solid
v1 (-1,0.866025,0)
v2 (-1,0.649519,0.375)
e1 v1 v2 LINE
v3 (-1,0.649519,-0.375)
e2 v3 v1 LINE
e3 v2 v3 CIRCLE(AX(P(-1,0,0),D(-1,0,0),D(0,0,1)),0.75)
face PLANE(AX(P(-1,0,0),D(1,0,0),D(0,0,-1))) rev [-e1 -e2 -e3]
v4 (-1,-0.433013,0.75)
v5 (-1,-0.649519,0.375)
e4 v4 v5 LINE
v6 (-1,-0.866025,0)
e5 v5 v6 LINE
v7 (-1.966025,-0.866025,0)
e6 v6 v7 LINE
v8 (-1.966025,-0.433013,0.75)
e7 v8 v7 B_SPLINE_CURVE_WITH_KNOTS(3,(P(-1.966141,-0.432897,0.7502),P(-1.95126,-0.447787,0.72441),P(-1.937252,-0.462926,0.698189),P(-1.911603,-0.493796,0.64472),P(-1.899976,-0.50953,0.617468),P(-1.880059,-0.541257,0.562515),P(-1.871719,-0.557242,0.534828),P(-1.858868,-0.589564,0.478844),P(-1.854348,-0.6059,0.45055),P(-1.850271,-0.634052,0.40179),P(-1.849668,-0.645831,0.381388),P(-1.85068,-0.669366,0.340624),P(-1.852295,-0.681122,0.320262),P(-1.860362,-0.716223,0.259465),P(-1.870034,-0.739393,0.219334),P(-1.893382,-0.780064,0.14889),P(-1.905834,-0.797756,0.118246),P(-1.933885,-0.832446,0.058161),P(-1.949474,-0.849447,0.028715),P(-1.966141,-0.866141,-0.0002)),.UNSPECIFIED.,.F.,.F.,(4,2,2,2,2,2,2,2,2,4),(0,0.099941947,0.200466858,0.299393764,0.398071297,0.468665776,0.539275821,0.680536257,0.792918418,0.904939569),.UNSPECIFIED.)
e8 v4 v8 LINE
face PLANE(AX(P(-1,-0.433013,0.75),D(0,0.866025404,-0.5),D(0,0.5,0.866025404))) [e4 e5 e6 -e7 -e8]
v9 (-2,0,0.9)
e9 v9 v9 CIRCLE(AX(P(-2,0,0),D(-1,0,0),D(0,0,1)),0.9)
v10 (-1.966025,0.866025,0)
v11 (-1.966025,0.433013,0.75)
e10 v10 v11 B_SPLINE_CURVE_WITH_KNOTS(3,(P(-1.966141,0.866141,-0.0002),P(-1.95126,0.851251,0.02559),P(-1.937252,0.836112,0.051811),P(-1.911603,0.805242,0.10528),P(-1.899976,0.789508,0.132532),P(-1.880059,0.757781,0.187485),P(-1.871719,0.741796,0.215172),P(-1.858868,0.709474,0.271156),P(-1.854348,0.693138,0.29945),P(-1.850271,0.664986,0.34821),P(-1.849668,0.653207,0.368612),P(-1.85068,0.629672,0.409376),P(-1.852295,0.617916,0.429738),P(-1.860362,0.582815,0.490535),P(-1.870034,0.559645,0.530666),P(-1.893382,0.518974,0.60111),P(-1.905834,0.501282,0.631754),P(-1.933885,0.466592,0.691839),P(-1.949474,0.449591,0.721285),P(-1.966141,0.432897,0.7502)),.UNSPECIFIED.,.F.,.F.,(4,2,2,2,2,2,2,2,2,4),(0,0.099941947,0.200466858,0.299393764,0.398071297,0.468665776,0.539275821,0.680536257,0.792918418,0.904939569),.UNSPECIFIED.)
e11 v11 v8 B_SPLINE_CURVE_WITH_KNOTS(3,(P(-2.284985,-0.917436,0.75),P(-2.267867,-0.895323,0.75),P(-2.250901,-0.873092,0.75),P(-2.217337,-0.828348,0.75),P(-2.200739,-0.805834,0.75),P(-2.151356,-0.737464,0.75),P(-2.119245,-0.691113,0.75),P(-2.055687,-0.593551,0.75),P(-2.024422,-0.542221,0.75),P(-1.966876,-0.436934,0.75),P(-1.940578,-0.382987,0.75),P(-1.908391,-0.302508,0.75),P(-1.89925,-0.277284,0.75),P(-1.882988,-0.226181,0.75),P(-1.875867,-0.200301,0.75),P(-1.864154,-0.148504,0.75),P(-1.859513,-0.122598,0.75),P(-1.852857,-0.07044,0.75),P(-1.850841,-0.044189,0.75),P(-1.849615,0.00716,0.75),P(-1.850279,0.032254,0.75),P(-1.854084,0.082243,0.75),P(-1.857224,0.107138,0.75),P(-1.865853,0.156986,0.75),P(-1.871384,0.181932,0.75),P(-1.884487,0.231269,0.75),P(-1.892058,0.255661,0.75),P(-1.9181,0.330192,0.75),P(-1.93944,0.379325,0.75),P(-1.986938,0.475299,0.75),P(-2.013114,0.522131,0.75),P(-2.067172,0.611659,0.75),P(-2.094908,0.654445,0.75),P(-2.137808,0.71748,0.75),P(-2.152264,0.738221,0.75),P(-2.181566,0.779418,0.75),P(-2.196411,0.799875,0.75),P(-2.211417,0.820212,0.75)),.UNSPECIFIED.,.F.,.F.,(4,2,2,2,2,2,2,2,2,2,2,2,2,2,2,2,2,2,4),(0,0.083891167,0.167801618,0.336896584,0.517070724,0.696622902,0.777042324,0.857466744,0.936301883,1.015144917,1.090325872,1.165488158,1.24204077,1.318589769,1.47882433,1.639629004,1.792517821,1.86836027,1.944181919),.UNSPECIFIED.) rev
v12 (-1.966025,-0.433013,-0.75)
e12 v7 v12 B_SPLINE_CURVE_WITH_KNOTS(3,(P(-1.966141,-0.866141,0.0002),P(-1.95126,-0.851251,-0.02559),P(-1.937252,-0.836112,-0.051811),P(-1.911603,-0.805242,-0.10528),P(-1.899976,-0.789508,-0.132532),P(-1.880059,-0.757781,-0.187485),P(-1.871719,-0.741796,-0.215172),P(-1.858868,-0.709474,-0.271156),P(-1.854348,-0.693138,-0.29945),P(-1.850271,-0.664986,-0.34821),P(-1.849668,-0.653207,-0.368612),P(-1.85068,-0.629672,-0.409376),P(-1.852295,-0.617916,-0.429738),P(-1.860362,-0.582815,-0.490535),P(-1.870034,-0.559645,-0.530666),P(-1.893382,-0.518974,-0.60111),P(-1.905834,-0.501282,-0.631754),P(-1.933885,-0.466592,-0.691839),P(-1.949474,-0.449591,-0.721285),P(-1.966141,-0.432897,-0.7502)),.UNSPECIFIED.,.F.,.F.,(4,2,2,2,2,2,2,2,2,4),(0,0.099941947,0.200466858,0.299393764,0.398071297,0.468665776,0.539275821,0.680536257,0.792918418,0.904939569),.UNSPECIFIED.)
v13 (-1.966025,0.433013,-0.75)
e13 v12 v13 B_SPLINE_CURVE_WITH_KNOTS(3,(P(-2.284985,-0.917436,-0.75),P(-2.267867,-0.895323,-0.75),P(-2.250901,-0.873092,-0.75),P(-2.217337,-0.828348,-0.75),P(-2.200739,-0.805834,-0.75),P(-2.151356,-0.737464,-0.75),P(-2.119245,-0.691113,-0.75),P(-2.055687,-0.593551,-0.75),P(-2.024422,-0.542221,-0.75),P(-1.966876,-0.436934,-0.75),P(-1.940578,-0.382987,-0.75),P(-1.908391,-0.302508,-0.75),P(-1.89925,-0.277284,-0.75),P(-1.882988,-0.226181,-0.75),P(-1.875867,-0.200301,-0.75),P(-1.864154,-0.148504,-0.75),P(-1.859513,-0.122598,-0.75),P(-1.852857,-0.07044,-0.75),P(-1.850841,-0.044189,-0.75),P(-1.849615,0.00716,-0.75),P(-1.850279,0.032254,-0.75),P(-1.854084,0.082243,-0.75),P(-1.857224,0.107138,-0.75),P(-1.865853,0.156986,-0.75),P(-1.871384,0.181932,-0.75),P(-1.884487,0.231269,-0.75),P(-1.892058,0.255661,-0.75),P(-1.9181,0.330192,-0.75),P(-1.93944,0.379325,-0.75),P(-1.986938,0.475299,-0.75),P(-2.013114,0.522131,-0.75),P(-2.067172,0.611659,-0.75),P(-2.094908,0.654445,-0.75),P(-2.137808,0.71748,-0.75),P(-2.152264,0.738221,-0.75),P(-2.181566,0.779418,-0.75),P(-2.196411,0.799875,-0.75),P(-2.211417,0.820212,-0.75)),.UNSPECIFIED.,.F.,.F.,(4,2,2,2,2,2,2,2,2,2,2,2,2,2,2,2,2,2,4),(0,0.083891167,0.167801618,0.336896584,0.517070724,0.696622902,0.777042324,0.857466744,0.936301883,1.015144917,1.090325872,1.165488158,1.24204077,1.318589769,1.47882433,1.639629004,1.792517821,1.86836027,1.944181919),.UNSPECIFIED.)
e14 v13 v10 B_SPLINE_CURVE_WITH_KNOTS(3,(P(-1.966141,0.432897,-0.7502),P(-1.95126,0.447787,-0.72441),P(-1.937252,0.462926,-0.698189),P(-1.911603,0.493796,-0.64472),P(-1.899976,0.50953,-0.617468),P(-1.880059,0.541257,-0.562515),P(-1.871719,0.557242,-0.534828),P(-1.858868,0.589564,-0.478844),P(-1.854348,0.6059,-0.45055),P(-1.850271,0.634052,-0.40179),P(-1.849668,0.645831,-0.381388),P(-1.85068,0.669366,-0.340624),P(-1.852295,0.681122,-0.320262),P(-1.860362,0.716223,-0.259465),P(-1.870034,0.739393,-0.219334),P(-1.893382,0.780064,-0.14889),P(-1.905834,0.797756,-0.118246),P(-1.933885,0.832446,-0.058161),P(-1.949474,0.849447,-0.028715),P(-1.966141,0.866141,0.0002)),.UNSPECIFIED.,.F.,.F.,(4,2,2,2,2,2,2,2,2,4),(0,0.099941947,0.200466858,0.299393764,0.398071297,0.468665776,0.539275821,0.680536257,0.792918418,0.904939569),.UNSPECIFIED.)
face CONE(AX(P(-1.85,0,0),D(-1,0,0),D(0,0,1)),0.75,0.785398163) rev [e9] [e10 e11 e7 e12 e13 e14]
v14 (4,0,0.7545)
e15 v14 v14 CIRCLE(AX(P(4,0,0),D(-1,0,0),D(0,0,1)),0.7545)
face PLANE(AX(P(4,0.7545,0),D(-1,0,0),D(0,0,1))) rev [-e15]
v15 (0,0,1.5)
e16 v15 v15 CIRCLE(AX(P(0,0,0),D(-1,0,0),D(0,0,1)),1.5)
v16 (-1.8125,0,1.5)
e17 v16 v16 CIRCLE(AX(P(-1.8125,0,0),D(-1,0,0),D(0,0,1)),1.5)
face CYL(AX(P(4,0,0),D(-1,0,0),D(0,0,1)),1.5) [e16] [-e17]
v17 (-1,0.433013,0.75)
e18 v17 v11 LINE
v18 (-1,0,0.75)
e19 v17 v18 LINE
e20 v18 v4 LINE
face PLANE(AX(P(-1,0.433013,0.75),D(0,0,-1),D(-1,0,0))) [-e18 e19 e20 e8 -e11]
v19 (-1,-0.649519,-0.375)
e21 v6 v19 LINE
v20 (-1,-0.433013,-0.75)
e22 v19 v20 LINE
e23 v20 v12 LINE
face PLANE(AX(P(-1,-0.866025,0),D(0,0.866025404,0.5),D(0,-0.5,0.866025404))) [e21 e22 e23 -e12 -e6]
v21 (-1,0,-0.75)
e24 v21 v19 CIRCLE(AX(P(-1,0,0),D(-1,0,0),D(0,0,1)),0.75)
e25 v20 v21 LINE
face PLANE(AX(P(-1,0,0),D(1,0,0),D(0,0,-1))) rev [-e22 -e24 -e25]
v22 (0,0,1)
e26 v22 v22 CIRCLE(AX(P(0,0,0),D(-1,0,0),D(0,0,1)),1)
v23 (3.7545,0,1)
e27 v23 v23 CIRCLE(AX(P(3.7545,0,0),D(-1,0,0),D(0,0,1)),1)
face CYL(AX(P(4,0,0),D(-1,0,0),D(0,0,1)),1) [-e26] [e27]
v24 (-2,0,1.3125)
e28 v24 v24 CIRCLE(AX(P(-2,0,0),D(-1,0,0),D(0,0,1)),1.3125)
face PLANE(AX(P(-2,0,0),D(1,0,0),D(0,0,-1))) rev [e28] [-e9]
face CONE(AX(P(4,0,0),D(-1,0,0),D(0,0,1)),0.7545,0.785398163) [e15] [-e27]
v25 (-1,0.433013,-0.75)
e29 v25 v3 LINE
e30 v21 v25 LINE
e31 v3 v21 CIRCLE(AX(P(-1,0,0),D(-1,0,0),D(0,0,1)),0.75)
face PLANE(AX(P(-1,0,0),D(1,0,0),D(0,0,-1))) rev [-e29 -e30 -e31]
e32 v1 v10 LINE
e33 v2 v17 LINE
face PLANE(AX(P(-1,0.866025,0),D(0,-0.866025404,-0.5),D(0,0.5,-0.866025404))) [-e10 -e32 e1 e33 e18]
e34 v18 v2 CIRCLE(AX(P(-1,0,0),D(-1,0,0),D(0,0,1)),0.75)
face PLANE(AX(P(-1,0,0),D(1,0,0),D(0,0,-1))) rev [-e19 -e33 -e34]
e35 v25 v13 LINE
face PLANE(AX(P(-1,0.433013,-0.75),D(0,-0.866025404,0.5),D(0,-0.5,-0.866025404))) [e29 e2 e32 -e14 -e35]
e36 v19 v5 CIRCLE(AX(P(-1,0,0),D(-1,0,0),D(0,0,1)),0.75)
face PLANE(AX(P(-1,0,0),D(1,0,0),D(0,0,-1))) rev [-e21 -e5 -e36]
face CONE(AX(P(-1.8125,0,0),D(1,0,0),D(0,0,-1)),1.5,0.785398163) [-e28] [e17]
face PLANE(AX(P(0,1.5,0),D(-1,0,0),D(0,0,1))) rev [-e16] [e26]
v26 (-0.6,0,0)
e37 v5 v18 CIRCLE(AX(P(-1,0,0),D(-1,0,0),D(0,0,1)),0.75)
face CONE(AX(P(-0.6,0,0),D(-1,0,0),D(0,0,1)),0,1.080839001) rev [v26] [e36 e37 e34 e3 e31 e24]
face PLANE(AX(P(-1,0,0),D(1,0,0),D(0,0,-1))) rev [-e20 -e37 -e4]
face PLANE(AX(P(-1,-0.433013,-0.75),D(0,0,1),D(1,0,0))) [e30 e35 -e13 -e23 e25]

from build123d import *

# Parameters (mm, degrees)
CUT_EXTRUDE1_DEPTH = 1


with BuildPart() as part:
    # Sketch1 → Revolve1 (revolve)
    with BuildSketch(Plane.XY):
        Polygon((-2, 0), (-2, 1.3125), (-1.8125, 1.5), (0, 1.5), (0, 1), (3.7545, 1), (4, 0.7545), (4, 0), align=None)
    revolve(axis=Axis((4, 0, 0), (-1, 0, 0)))

    # Sketch2 → Cut-Revolve1 (revolve, cut)
    with BuildSketch(Plane.XY):
        Polygon((-2, 0), (-2, 0.9), (-1.85, 0.75), (-1, 0.75), (-0.6, 0), align=None)
    revolve(axis=Axis((-0.6, 0, 0), (-1, 0, 0)), mode=Mode.SUBTRACT)

    # Sketch3 → Cut-Extrude1 (cut)
    with BuildSketch(Plane(origin=(-2, 0, 0), x_dir=(0, 0, -1), z_dir=(1, 0, 0))):
        Polygon((-0.75, -0.433012702), (0, -0.866025404), (0.75, -0.433012702), (0.75, 0.433012702), (0, 0.866025404), (-0.75, 0.433012702), align=None)
    extrude(amount=CUT_EXTRUDE1_DEPTH, mode=Mode.SUBTRACT)


solid = part.part
